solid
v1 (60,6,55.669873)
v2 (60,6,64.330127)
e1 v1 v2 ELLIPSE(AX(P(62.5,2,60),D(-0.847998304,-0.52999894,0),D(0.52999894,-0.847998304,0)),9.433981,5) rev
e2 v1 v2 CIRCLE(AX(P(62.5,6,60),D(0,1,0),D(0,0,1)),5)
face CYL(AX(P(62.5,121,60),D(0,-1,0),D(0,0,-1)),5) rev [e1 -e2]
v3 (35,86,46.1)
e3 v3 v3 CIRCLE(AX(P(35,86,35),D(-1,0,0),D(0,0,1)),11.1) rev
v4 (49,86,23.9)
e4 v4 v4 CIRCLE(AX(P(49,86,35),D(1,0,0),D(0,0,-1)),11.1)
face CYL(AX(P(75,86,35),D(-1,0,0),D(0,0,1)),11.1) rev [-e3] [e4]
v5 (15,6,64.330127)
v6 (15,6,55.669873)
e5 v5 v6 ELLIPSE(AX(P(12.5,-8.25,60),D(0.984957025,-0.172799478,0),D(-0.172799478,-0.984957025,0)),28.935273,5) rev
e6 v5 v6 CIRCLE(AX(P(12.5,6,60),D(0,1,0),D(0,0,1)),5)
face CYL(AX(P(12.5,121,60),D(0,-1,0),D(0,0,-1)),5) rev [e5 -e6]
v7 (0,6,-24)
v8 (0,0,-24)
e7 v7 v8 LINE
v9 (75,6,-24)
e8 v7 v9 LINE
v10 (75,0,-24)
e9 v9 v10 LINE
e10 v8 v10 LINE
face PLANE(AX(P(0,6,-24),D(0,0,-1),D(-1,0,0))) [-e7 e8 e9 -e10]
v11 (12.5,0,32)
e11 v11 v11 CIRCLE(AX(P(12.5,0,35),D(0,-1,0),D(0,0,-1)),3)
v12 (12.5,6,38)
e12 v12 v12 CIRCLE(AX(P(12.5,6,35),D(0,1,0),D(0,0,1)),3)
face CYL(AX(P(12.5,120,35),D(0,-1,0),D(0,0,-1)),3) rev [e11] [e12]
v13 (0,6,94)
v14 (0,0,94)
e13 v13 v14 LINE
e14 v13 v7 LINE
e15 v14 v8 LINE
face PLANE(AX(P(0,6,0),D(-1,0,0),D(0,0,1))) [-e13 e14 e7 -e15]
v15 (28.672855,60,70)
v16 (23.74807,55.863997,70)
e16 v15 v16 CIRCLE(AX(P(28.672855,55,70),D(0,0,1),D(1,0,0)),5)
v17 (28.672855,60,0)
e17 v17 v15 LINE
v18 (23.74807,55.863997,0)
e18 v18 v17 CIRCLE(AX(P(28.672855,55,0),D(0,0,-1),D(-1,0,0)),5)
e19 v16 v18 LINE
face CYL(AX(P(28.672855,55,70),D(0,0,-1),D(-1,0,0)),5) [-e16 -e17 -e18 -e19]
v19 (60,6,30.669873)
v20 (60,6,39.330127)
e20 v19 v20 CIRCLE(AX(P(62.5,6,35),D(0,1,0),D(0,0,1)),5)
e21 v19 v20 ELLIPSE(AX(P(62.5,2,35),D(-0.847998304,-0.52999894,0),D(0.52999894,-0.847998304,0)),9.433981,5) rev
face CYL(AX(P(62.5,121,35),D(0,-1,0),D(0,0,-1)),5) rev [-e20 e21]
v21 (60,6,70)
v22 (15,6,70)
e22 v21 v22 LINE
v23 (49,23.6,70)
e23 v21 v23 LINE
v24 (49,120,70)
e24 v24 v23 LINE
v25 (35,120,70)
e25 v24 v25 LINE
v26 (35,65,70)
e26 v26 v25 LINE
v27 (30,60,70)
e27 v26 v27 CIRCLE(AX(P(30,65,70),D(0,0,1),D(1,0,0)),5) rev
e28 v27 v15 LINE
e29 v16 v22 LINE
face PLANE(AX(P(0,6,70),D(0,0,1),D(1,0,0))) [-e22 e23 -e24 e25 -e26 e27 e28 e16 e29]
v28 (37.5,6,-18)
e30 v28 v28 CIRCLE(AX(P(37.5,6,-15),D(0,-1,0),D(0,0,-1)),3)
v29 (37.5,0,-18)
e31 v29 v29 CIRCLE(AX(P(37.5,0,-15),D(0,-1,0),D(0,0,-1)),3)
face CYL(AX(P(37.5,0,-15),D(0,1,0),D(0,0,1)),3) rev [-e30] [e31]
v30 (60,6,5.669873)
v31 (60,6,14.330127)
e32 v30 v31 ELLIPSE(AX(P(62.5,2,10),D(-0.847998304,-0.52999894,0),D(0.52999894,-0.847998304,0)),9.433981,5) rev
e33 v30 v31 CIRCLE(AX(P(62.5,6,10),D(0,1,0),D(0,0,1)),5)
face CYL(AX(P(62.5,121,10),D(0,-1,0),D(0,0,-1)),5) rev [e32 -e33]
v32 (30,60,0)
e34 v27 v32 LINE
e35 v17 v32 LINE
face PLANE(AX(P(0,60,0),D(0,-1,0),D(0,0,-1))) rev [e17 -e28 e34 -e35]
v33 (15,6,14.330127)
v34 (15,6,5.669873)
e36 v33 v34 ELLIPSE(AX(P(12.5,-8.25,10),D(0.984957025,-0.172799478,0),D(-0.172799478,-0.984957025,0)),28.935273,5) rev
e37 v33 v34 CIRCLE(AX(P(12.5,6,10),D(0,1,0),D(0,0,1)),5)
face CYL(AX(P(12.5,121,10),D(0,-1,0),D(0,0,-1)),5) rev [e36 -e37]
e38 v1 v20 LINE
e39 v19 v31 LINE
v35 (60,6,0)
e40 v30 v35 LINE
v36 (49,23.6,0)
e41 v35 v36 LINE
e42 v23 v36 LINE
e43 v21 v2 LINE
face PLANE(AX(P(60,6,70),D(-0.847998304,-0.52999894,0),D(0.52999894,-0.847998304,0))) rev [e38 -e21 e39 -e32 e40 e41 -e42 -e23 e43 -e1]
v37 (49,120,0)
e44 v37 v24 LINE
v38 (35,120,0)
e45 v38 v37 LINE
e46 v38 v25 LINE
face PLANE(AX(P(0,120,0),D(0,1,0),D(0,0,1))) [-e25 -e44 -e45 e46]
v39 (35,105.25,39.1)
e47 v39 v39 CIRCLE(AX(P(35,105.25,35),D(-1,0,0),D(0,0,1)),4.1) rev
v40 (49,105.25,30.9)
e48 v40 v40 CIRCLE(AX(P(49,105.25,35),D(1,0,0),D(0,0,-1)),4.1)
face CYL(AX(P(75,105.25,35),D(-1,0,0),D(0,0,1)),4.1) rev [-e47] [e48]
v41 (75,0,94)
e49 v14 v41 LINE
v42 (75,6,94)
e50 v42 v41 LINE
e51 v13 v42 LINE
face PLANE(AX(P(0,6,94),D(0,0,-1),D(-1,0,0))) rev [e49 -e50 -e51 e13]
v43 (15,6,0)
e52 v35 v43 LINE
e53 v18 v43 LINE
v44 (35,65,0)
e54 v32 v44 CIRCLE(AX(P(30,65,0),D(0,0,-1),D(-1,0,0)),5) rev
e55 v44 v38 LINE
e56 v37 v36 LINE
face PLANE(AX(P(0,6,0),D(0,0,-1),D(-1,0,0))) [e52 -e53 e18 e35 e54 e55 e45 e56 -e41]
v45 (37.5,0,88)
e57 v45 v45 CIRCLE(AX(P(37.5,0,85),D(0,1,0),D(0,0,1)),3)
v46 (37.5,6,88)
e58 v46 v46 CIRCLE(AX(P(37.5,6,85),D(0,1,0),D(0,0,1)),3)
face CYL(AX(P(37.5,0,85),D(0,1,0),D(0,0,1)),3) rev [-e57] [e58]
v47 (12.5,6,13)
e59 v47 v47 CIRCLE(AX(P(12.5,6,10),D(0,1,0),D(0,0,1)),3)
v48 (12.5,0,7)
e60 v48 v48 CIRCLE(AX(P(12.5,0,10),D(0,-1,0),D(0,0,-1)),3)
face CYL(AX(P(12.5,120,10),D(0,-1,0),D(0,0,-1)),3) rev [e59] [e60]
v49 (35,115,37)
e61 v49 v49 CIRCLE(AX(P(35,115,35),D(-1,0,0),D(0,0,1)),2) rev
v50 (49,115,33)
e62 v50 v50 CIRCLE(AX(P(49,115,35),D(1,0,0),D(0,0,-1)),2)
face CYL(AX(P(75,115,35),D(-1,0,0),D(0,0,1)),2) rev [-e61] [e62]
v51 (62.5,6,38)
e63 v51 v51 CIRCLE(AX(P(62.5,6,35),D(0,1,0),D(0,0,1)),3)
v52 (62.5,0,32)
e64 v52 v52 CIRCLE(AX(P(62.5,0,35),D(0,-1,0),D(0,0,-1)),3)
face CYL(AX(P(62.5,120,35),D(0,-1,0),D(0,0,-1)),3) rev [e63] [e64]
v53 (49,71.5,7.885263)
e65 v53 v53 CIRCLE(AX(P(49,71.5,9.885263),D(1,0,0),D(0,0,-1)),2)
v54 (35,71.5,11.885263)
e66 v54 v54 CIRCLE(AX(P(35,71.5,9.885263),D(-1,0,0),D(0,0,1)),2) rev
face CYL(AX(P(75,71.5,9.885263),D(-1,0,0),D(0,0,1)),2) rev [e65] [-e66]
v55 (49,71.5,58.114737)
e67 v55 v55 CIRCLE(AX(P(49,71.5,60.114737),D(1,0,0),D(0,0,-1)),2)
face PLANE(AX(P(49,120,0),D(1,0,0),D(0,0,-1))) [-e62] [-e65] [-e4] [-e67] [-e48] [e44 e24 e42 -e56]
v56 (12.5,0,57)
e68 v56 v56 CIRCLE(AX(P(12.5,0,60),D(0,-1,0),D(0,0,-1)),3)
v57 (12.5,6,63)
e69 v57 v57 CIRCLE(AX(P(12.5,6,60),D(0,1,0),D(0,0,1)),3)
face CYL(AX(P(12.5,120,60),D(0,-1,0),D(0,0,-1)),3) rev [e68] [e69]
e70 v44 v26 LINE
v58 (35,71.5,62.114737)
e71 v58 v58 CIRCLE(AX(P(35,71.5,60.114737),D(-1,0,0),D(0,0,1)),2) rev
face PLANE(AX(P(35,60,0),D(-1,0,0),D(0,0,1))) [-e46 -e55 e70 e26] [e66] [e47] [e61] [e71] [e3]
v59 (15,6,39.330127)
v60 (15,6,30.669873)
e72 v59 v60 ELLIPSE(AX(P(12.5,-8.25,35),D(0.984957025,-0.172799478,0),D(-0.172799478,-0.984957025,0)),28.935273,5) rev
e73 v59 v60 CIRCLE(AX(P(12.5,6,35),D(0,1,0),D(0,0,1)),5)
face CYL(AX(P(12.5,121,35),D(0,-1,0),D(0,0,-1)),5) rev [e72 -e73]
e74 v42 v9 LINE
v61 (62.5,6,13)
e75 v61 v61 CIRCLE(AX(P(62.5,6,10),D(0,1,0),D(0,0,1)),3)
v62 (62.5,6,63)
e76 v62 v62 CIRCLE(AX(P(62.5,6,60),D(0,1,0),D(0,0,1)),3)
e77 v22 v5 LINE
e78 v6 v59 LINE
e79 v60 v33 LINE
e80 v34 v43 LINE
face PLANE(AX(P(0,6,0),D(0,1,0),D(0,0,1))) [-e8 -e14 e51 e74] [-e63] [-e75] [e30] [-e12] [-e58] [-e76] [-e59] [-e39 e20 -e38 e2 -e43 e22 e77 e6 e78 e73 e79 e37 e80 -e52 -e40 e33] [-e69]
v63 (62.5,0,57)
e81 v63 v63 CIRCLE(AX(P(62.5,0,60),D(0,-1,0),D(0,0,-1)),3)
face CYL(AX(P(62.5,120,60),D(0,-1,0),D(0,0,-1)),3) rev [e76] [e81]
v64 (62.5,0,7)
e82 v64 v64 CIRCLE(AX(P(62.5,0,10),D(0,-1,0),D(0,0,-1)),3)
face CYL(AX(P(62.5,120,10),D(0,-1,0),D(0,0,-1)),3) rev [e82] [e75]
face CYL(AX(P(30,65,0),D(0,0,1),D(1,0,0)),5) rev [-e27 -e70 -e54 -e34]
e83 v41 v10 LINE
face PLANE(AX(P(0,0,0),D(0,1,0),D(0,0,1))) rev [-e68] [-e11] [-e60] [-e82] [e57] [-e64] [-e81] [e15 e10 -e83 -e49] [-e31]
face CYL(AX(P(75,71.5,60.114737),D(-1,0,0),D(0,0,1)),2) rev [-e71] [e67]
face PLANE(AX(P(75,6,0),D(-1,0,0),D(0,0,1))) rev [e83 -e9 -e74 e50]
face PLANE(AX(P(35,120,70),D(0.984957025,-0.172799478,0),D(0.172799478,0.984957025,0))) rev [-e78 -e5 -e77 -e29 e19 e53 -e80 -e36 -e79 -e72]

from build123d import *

# Parameters (mm, degrees)
SKETCH_1_W               = 35
SKETCH_1_H               = 70
EXTRUDE_1_DEPTH          = 6
SKETCH_1_W_2             = 26
EXTRUDE_1_2_DEPTH        = 6
SKETCH_1_3_W             = 14
SKETCH_1_3_H             = 70
EXTRUDE_2_DEPTH          = 120
EXTRUDE_4_DEPTH          = 70
EXTRUDE_7_DEPTH          = 70
SKETCH_7_R               = 3
CUT_EXTRUDE_4_DEPTH      = 121
SKETCH_8_R               = 5
CUT_EXTRUDE_5_DEPTH      = 115
SKETCH_3_R               = 11.1
SKETCH_3_R_2             = 4.1
SKETCH_3_R_3             = 2
CUT_EXTRUDE_8_DEPTH      = 36
CUT_EXTRUDE_8_DEPTH_BACK = 41
SKETCH_10_W              = 75
SKETCH_10_H              = 24
EXTRUDE_8_DEPTH          = 6
SKETCH_11_R              = 3
CUT_EXTRUDE_9_DEPTH      = 6
SKETCH_12_W              = 56.46589335
SKETCH_12_H              = 70
CUT_EXTRUDE_10_DEPTH     = 60
FILLET_1_R               = 5


with BuildPart() as part:
    # 草图1 → 凸台-拉伸1 (new body)
    with BuildSketch(Plane(origin=(0, 0, 0), x_dir=(1, 0, 0), z_dir=(0, 1, 0))):
        with Locations((17.5, -35)):
            Rectangle(SKETCH_1_W, SKETCH_1_H)
    extrude(amount=EXTRUDE_1_DEPTH)



with BuildPart() as body_2:
    # 草图1 → Extrude 1 2 (new body)
    with BuildSketch(Plane(origin=(0, 0, 0), x_dir=(1, 0, 0), z_dir=(0, 1, 0))):
        with Locations((62, -35)):
            Rectangle(SKETCH_1_W_2, SKETCH_1_H)
    extrude(amount=EXTRUDE_1_2_DEPTH)


with BuildPart() as part_1:
    add(part.part)

    add(body_2.part)  # 凸台-拉伸2 merges body 2
    # 草图1<3> → 凸台-拉伸2 (add)
    with BuildSketch(Plane(origin=(0, 0, 0), x_dir=(1, 0, 0), z_dir=(0, 1, 0))):
        with Locations((42, -35)):
            Rectangle(SKETCH_1_3_W, SKETCH_1_3_H)
    extrude(amount=EXTRUDE_2_DEPTH)

    # 草图4 → 凸台-拉伸4 (add, through all)
    with BuildSketch(Plane(origin=(0, 0, 0), x_dir=(-1, 0, 0), z_dir=(0, 0, -1))):
        Polygon((-35, 6), (-15, 6), (-35, 38), align=None)
        Polygon((-60, 6), (-40, 38), (-40, 6), align=None)
    extrude(amount=-EXTRUDE_4_DEPTH)

    # 草图9 → 凸台-拉伸7 (add, through all)
    with BuildSketch(Plane(origin=(0, 0, 0), x_dir=(-1, 0, 0), z_dir=(0, 0, -1))):
        Polygon((-35, 120), (-15, 6), (-35, 0), align=None)
    extrude(amount=-EXTRUDE_7_DEPTH)

    # 草图7 → 切除-拉伸4 (cut, through all)
    with BuildSketch(Plane.XZ):
        with Locations((12.5, 35)):
            Circle(SKETCH_7_R)
        with Locations((12.5, 60)):
            Circle(SKETCH_7_R)
        with Locations((12.5, 10)):
            Circle(SKETCH_7_R)
        with BuildLine():
            ThreePointArc((65.5, 10), (64.621320344, 12.121320344), (62.5, 13))
            Line((62.5, 13), (62.5, 7))
            ThreePointArc((62.5, 7), (64.621320344, 7.878679656), (65.5, 10))
        make_face()
        with BuildLine():
            Line((62.5, 7), (62.5, 13))
            ThreePointArc((62.5, 13), (59.5, 10), (62.5, 7))
        make_face()
        with BuildLine():
            ThreePointArc((65.5, 35), (64.621320344, 37.121320344), (62.5, 38))
            Line((62.5, 38), (62.5, 32))
            ThreePointArc((62.5, 32), (64.621320344, 32.878679656), (65.5, 35))
        make_face()
        with BuildLine():
            Line((62.5, 32), (62.5, 38))
            ThreePointArc((62.5, 38), (59.5, 35), (62.5, 32))
        make_face()
        with BuildLine():
            ThreePointArc((65.5, 60), (64.621320344, 62.121320344), (62.5, 63))
            Line((62.5, 63), (62.5, 57))
            ThreePointArc((62.5, 57), (64.621320344, 57.878679656), (65.5, 60))
        make_face()
        with BuildLine():
            Line((62.5, 57), (62.5, 63))
            ThreePointArc((62.5, 63), (59.5, 60), (62.5, 57))
        make_face()
    extrude(amount=-CUT_EXTRUDE_4_DEPTH, mode=Mode.SUBTRACT)

    # 草图8 → 切除-拉伸5 (cut)
    with BuildSketch(Plane(origin=(0, 6, 0), x_dir=(1, 0, 0), z_dir=(0, 1, 0))):
        with Locations((12.5, -10)):
            Circle(SKETCH_8_R)
        with Locations((62.5, -10)):
            Circle(SKETCH_8_R)
        with Locations((62.5, -35)):
            Circle(SKETCH_8_R)
        with Locations((62.5, -60)):
            Circle(SKETCH_8_R)
        with Locations((12.5, -35)):
            Circle(SKETCH_8_R)
        with Locations((12.5, -60)):
            Circle(SKETCH_8_R)
    extrude(amount=CUT_EXTRUDE_5_DEPTH, mode=Mode.SUBTRACT)

    # 草图3 → 切除-拉伸8 (cut, two sides)
    with BuildSketch(Plane.ZY.offset(-35)) as cut_extrude_8_sk:
        with Locations((35, 86)):
            Circle(SKETCH_3_R)
        with Locations((35, 105.25)):
            Circle(SKETCH_3_R_2)
        with Locations((35, 115)):
            Circle(SKETCH_3_R_3)
        with Locations((60.11473671, 71.5)):
            Circle(SKETCH_3_R_3)
        with Locations((9.88526329, 71.5)):
            Circle(SKETCH_3_R_3)
    extrude(amount=CUT_EXTRUDE_8_DEPTH, mode=Mode.SUBTRACT)
    extrude(cut_extrude_8_sk.sketch, amount=-CUT_EXTRUDE_8_DEPTH_BACK, mode=Mode.SUBTRACT)

    # 草图10 → 凸台-拉伸8 (add)
    with BuildSketch(Plane.XZ):
        with Locations((37.5, 82)):
            Rectangle(SKETCH_10_W, SKETCH_10_H)
    extrude_8 = extrude(amount=-EXTRUDE_8_DEPTH)

    # 草图11 → 切除-拉伸9 (cut)
    with BuildSketch(Plane(origin=(0, 6, 0), x_dir=(1, 0, 0), z_dir=(0, 1, 0))):
        with Locations((37.5, -85)):
            Circle(SKETCH_11_R)
    cut_extrude_9 = extrude(amount=-CUT_EXTRUDE_9_DEPTH, mode=Mode.SUBTRACT)

    # 镜向1: 凸台-拉伸8, 切除-拉伸9 across plane
    add(extrude_8.mirror(Plane.XY.offset(35)))
    add(cut_extrude_9.mirror(Plane.XY.offset(35)), mode=Mode.SUBTRACT)

    # 草图12 → 切除-拉伸10 (cut)
    with BuildSketch(Plane(origin=(0, 120, 0), x_dir=(1, 0, 0), z_dir=(0, 1, 0))):
        with Locations((6.767053325, -35)):
            Rectangle(SKETCH_12_W, SKETCH_12_H)
    extrude(amount=-CUT_EXTRUDE_10_DEPTH, mode=Mode.SUBTRACT)

    # 圆角1
    fillet_1_edges = [part_1.edges().sort_by_distance(p)[0] for p in [
        (24.473684211, 60, 35),
        (35, 60, 35),
    ]]
    fillet(fillet_1_edges, radius=FILLET_1_R)


solid = part_1.part
